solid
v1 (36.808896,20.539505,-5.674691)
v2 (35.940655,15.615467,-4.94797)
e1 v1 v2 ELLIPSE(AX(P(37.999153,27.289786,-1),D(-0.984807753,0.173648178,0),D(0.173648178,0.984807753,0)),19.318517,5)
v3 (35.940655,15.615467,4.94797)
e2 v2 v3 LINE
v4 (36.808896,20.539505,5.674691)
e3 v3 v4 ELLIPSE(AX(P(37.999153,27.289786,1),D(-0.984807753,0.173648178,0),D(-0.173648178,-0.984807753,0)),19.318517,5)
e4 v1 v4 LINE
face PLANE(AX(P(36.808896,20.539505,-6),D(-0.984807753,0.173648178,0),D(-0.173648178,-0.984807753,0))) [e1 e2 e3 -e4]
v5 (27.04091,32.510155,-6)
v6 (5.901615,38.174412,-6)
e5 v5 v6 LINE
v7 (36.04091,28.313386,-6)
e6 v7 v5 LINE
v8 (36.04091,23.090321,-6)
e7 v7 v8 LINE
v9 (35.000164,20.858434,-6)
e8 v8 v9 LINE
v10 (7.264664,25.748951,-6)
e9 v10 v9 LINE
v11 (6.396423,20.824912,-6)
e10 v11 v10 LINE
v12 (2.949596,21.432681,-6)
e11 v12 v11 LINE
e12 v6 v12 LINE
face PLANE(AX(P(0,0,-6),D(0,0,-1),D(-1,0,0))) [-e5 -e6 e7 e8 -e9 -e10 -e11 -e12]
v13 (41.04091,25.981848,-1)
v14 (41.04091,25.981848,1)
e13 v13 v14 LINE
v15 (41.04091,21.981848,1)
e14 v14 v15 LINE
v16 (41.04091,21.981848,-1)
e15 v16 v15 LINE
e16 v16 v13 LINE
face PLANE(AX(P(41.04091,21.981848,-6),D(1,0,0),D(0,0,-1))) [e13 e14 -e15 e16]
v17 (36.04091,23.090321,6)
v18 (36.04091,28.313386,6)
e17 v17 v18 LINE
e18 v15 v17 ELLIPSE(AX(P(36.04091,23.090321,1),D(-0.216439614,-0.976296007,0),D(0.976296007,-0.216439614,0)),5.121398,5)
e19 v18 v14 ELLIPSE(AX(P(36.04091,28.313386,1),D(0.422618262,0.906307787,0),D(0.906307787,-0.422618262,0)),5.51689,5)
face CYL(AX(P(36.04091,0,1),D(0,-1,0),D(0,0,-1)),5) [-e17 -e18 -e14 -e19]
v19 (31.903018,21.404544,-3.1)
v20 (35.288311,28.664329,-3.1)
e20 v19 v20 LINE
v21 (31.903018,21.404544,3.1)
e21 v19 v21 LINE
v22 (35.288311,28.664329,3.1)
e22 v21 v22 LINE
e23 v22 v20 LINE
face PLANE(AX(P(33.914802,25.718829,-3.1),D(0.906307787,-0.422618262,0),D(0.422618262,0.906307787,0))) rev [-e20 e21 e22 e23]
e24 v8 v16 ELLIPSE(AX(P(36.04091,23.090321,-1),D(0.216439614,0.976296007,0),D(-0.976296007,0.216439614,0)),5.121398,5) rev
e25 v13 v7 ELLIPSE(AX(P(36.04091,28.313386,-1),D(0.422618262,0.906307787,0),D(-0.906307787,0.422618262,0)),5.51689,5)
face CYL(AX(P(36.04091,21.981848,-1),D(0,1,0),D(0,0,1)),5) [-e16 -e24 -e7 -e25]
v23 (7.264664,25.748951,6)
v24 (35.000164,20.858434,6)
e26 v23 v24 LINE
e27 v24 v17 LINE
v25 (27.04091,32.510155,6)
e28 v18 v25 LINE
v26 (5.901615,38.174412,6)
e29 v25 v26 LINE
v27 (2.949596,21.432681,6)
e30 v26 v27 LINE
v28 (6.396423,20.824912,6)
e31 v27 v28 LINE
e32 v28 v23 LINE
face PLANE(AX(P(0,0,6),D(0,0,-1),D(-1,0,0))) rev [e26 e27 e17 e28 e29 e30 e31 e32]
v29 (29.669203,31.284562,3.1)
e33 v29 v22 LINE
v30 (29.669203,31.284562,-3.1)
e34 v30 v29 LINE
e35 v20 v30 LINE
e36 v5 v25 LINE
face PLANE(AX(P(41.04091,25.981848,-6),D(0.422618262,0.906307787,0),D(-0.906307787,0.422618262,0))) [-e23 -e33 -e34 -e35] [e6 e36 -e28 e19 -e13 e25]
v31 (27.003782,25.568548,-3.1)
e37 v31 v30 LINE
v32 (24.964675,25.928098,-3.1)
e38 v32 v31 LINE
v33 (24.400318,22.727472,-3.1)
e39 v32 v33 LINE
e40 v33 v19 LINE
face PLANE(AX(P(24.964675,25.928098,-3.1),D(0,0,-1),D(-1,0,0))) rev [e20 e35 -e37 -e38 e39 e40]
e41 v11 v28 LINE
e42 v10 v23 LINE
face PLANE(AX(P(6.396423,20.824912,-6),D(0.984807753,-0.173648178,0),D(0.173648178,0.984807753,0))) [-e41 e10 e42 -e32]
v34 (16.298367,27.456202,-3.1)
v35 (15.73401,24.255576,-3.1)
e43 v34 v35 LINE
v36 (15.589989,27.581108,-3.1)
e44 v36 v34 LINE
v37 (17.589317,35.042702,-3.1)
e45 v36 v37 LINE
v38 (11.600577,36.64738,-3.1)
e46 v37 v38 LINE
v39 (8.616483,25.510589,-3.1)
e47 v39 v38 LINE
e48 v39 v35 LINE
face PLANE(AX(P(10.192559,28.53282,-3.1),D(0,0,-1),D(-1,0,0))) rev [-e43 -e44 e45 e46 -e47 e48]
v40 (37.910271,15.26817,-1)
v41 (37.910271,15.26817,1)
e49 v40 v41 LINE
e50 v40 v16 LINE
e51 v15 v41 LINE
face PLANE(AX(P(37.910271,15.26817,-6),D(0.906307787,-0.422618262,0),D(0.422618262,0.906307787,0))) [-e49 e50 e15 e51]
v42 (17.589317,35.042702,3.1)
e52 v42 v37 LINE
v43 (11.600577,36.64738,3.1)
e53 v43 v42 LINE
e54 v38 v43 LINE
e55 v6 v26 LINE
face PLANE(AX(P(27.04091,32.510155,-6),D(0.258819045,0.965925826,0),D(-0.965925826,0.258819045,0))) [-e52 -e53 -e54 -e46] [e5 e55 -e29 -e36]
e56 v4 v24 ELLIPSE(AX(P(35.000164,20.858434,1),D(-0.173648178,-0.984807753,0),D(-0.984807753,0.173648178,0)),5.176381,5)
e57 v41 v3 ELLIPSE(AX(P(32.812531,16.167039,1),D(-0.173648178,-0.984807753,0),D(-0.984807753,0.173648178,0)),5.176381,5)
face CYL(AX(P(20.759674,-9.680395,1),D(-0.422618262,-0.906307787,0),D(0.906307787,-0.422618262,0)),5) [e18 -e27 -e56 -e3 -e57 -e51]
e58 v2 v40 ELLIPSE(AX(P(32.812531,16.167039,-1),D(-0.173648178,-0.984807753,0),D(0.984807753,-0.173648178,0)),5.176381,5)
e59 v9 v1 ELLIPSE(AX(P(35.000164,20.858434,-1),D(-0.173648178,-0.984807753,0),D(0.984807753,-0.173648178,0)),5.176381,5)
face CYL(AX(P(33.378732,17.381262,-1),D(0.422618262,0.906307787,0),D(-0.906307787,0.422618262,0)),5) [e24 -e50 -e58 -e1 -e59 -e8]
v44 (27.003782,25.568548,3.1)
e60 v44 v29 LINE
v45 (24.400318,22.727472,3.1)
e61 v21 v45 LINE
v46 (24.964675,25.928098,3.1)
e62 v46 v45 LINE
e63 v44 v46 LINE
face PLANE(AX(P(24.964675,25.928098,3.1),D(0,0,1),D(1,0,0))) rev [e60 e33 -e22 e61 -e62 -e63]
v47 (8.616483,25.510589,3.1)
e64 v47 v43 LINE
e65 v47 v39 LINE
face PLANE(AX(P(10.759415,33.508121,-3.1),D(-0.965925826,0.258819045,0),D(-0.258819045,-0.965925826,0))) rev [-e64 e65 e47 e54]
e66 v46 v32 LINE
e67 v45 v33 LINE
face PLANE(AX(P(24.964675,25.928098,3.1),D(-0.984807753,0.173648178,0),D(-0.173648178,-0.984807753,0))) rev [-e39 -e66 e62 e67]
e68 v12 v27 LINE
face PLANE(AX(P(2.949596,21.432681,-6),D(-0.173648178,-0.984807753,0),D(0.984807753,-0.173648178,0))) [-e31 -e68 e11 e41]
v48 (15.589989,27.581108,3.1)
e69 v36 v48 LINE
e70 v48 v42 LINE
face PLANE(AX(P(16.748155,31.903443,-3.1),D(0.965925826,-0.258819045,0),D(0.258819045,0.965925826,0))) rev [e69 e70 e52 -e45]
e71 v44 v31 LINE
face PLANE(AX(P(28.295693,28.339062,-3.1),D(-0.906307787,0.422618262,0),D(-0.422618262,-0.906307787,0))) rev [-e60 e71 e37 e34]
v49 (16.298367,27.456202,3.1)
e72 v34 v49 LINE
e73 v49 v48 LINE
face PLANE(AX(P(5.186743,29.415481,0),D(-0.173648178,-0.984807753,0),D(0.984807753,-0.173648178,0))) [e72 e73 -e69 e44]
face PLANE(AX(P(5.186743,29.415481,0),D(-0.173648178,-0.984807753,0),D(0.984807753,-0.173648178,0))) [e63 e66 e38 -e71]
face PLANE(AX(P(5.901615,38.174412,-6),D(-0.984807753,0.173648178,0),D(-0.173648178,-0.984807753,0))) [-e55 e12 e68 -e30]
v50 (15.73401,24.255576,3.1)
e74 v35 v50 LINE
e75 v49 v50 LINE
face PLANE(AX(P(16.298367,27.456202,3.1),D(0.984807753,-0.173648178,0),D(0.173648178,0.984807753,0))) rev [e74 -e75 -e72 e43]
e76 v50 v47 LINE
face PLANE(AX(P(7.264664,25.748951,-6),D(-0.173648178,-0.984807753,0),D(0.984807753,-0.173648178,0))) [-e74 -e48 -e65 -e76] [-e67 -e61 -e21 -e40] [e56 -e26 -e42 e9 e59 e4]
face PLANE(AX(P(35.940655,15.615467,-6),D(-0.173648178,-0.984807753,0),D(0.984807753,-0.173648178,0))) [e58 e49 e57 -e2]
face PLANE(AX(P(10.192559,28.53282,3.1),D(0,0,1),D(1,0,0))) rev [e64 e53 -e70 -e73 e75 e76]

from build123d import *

# Parameters (mm, degrees)
BOSS_EXTRUDE1_DEPTH      = 6
BOSS_EXTRUDE1_DEPTH_BACK = 6
SKETCH2_W                = 6.2
SKETCH2_H                = 6.2
CUT_EXTRUDE1_DEPTH       = 3.25
SKETCH3_W                = 6.2
SKETCH3_H                = 6.2
CUT_EXTRUDE2_DEPTH       = 3.25
SKETCH4_W                = 6.2
SKETCH4_H                = 6.2
CUT_EXTRUDE3_DEPTH       = 3.25
FILLET1_R                = 5
SKETCH5_W                = 6.2
SKETCH5_H                = 6.2
CUT_EXTRUDE4_DEPTH       = 38.489999943
SKETCH6_W                = 6.2
SKETCH6_H                = 6.2
CUT_EXTRUDE5_DEPTH       = 32.982302651


with BuildPart() as part:
    # Sketch1 → Boss-Extrude1 (new, two sides: drawn at the far end of the back side and taken through both)
    with BuildSketch(Plane.XY.offset(-BOSS_EXTRUDE1_DEPTH_BACK)):
        Polygon((5.901614565, 38.174412444), (2.949595544, 21.432680643), (6.39642268, 20.824912021), (7.264663568, 25.748950786), (36.808896158, 20.539505456), (35.94065527, 15.615466691), (37.910270776, 15.268170336), (41.040910113, 21.981848059), (41.040910113, 25.981848059), (27.040910113, 32.510155273), align=None)
    extrude(amount=BOSS_EXTRUDE1_DEPTH + BOSS_EXTRUDE1_DEPTH_BACK)

    # Sketch2 → Cut-Extrude1 (cut)
    with BuildSketch(Plane(origin=(4.622386329, 26.214855554, 0), x_dir=(0.9848077530122067, -0.17364817766693813, 0), z_dir=(-0.17364817766693813, -0.9848077530122067, 0))):
        with Locations((8.183038624, 0)):
            Rectangle(SKETCH2_W, SKETCH2_H)
        with Locations((23.183038624, 0)):
            Rectangle(SKETCH2_W, SKETCH2_H)
    extrude(amount=-CUT_EXTRUDE1_DEPTH, mode=Mode.SUBTRACT)

    # Sketch3 → Cut-Extrude2 (cut)
    with BuildSketch(Plane(origin=(9.938936325, 37.092615339, 0), x_dir=(0.9659258262890682, -0.25881904510252135, 0), z_dir=(0.2588190451025213, 0.9659258262890681, 0))):
        with Locations((4.820256949, 0)):
            Rectangle(SKETCH3_W, SKETCH3_H)
    extrude(amount=-CUT_EXTRUDE2_DEPTH, mode=Mode.SUBTRACT)

    # Sketch4 → Cut-Extrude3 (cut)
    with BuildSketch(Plane(origin=(17.281785965, 37.0609096, 0), x_dir=(0.9063077870366484, -0.42261826174070294, 0), z_dir=(0.42261826174070294, 0.9063077870366484, 0))):
        with Locations((16.768002093, 0)):
            Rectangle(SKETCH4_W, SKETCH4_H)
    extrude(amount=-CUT_EXTRUDE3_DEPTH, mode=Mode.SUBTRACT)

    # Fillet1
    fillet1_edges = [part.edges().sort_by_distance(p)[0] for p in [
        (39.475590445, 18.625009197, -6),
        (41.040910113, 23.981848059, -6),
        (39.475590445, 18.625009197, 6),
        (41.040910113, 23.981848059, 6),
    ]]
    fillet(fillet1_edges, radius=FILLET1_R)

    # Sketch5 → Cut-Extrude4 (cut, through all)
    with BuildSketch(Plane(origin=(9.097774429, 33.953356403, 0), x_dir=(0.9659258262890683, -0.2588190451025211, 0), z_dir=(0.2588190451025211, 0.9659258262890683, 0))):
        with Locations((4.820256949, 0)):
            Rectangle(SKETCH5_W, SKETCH5_H)
    extrude(amount=-CUT_EXTRUDE4_DEPTH, mode=Mode.SUBTRACT)

    # Sketch6 → Cut-Extrude5 (cut, through all)
    with BuildSketch(Plane(origin=(15.908276614, 34.115409292, 0), x_dir=(0.9063077870366483, -0.42261826174070316, 0), z_dir=(0.42261826174070316, 0.9063077870366483, 0))):
        with Locations((16.768002093, 0)):
            Rectangle(SKETCH6_W, SKETCH6_H)
    extrude(amount=-CUT_EXTRUDE5_DEPTH, mode=Mode.SUBTRACT)


solid = part.part
